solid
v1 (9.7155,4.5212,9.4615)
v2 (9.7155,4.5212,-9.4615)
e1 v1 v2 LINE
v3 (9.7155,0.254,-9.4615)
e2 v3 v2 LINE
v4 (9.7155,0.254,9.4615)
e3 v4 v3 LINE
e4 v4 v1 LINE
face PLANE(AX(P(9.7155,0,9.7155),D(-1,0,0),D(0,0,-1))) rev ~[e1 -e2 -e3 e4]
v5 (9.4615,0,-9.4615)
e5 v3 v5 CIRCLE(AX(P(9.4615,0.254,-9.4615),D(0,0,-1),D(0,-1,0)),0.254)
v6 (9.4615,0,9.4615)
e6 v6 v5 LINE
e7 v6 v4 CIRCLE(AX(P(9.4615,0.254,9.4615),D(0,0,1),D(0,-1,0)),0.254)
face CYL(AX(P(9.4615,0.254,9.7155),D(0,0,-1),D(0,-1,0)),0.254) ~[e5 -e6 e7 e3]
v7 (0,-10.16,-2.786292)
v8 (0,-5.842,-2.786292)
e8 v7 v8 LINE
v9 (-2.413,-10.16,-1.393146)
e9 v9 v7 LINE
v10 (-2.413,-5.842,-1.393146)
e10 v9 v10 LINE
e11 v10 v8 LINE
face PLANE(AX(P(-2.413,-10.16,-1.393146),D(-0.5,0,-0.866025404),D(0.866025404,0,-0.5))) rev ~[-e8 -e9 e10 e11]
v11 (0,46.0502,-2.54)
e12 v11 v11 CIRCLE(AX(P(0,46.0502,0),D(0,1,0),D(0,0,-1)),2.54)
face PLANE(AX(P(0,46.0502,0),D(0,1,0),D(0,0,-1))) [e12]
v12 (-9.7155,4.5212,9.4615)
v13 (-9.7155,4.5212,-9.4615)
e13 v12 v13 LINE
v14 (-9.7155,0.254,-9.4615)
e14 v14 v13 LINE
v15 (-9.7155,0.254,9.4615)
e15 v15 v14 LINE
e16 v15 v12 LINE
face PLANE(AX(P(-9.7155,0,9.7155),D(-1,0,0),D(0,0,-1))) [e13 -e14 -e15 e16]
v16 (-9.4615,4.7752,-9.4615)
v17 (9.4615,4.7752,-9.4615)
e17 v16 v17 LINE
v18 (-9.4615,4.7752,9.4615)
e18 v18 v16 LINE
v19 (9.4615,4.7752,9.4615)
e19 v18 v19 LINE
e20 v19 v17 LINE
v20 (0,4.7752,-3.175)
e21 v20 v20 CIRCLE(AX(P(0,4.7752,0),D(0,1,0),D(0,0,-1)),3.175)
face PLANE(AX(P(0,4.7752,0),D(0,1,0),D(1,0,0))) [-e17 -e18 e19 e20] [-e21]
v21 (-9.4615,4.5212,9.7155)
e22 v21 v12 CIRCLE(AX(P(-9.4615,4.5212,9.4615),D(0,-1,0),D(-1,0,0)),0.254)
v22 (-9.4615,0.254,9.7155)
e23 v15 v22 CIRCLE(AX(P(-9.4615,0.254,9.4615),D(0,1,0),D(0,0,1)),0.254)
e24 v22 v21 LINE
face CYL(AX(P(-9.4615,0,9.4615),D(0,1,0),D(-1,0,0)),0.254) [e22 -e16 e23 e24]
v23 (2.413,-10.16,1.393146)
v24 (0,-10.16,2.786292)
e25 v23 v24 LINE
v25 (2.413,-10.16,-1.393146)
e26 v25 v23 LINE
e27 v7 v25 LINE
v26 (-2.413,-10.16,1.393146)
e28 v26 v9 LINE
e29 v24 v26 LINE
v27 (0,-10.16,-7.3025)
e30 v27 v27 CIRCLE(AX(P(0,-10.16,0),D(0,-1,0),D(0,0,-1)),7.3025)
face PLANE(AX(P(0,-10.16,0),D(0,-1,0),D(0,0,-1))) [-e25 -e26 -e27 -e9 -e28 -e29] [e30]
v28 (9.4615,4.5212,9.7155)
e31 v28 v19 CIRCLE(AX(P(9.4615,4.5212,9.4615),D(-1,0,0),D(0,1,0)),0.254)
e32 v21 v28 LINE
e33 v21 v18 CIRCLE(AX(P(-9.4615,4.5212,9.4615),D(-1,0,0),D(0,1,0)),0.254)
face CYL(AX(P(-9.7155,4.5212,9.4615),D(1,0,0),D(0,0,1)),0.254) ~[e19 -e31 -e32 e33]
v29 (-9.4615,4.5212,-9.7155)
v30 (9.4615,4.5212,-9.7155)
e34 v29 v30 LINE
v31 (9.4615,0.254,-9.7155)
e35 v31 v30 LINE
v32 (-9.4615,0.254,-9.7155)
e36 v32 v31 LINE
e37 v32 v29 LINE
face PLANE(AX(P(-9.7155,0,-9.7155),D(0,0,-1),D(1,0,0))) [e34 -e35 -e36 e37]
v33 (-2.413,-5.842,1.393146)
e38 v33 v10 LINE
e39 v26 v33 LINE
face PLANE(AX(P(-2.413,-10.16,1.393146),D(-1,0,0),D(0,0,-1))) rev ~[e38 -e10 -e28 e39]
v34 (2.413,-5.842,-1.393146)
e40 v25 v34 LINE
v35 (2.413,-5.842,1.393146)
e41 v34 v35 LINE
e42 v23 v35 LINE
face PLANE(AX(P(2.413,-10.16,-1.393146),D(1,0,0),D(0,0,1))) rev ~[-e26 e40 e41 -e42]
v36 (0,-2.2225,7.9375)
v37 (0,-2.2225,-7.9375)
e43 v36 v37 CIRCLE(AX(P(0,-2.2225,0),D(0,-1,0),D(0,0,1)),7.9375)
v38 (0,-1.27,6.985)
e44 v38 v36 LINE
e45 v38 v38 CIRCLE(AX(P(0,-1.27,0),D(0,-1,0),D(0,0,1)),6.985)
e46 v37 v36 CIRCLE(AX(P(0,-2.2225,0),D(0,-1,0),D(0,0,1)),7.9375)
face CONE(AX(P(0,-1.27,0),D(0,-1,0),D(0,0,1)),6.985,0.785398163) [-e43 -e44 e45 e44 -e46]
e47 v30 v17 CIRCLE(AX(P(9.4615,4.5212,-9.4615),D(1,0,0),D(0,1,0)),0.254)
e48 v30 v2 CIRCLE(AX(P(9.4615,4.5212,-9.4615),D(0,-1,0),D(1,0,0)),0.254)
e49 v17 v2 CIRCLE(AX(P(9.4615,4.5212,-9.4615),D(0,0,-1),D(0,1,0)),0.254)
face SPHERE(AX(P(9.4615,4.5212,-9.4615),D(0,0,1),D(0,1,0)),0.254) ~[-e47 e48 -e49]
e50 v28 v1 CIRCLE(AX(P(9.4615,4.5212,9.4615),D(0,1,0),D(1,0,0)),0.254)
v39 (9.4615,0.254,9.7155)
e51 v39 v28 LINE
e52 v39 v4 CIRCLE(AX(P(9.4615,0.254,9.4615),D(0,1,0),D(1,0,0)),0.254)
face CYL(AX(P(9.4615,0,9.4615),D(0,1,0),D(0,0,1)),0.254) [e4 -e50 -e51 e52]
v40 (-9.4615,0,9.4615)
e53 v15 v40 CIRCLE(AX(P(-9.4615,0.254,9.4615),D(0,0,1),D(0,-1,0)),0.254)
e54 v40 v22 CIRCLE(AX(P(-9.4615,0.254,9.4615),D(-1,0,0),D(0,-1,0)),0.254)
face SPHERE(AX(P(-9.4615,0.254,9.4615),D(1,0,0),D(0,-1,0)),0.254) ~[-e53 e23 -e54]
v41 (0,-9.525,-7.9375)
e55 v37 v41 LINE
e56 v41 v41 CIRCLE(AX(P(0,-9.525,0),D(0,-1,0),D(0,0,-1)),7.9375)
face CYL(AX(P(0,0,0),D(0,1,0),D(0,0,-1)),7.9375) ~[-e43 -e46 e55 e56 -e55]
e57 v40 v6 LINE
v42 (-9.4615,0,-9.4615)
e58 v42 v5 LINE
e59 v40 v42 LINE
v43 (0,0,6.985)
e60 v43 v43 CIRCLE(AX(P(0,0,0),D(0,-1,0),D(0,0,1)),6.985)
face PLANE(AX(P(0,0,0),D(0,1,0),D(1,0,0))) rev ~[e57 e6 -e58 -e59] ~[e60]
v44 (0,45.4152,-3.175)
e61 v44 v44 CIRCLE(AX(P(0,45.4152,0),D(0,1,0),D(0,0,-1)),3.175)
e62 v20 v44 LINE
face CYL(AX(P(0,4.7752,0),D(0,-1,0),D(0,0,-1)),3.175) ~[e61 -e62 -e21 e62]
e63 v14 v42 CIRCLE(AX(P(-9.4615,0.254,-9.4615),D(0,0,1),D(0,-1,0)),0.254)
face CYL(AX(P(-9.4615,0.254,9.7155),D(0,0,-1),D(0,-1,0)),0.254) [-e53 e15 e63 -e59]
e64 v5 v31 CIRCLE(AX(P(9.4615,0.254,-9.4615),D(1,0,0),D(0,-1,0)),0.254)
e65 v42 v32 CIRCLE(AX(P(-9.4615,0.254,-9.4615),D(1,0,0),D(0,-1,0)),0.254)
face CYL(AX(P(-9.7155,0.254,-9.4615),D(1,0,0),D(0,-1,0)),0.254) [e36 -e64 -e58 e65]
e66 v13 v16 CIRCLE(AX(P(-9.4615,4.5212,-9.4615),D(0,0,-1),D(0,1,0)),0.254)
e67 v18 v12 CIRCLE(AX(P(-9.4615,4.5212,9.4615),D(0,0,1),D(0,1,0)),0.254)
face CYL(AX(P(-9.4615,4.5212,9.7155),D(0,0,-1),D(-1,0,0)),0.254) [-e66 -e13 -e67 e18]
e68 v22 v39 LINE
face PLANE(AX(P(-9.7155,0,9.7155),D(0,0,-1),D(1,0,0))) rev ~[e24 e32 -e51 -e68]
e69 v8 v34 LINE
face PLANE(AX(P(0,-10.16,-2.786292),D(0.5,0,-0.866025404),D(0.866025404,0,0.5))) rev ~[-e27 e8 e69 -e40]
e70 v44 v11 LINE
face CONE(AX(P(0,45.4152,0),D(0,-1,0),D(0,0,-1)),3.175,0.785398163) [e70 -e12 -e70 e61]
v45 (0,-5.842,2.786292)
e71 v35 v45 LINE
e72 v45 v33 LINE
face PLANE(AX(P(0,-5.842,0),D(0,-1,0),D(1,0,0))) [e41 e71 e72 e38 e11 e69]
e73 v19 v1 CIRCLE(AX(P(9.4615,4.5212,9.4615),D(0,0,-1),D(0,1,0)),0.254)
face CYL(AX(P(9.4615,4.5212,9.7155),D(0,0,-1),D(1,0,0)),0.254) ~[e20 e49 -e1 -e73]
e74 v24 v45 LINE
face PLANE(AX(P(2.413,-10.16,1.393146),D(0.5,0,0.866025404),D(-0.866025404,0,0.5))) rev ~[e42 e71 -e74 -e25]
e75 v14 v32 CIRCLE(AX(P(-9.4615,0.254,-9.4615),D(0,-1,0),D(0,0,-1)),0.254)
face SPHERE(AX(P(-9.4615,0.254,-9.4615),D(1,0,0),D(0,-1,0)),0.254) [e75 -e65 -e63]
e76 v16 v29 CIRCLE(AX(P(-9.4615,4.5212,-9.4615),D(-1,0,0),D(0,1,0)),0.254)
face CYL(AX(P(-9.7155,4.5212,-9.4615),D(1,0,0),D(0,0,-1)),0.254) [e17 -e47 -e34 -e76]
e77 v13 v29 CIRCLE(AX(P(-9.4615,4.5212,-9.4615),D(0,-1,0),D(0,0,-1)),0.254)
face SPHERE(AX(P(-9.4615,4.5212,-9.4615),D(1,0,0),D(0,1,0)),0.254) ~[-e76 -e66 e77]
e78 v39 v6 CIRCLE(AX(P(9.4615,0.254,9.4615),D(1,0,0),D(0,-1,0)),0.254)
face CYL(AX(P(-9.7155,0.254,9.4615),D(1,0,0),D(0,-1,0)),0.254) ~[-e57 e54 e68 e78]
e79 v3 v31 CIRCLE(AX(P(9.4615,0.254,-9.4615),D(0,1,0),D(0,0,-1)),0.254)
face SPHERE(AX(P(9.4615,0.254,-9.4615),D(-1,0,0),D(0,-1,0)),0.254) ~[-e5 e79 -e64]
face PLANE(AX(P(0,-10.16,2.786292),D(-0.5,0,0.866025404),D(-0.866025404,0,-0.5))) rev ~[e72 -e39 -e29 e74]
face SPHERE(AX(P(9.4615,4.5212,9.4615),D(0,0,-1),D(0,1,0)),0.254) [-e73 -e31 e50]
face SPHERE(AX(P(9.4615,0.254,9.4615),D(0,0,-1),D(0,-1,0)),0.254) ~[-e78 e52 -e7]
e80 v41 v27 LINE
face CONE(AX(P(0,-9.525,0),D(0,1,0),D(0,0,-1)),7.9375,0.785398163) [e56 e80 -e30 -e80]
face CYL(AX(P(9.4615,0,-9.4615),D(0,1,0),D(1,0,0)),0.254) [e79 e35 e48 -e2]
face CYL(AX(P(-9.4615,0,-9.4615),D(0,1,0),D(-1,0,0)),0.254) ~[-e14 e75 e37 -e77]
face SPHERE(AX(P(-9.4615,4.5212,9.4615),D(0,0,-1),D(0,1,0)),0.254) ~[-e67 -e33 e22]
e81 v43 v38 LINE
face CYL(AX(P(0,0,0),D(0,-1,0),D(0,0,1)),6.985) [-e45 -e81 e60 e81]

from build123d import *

# Parameters (mm, degrees)
SKETCH1_W          = 19.431
SKETCH1_H          = 19.431
EXTRUDE1_DEPTH     = 4.7752
SKETCH2_R          = 3.175
EXTRUDE2_DEPTH     = 41.275
SKETCH3_R          = 7.9375
EXTRUDE3_DEPTH     = 10.16
CHAMFER1_SIZE      = 0.635
CHAMFER2_SIZE      = 0.635
CUT_EXTRUDE1_DEPTH = 4.318
FILLET1_R          = 0.254


with BuildPart() as part:
    # Sketch1 → Extrude1 (new body)
    with BuildSketch(Plane(origin=(0, 0, 0), x_dir=(1, 0, 0), z_dir=(0, 1, 0))):
        Rectangle(SKETCH1_W, SKETCH1_H)
    extrude(amount=EXTRUDE1_DEPTH)

    # Sketch2 → Extrude2 (add)
    with BuildSketch(Plane(origin=(0, 4.7752, 0), x_dir=(-1, 0, 0), z_dir=(0, 1, 0))):
        with Locations(Location((0, 0, 0), (0, 0, 270))):  # turned: the seam where the file's is
            Circle(SKETCH2_R)
    extrude(amount=EXTRUDE2_DEPTH)

    # Sketch3 → Extrude3 (add)
    with BuildSketch(Plane.XZ):
        with Locations(Location((0, 0, 0), (0, 0, 270))):  # turned: the seam where the file's is
            Circle(SKETCH3_R)
    extrude(amount=EXTRUDE3_DEPTH)

    # Chamfer1
    chamfer1_edges = [part.edges().sort_by_distance(p)[0] for p in [
        (0, 46.0502, 3.175),
    ]]
    chamfer(chamfer1_edges, length=CHAMFER1_SIZE)

    # Sketch4 → Cut-Revolve1 (revolve, cut)
    with BuildSketch(Plane.XY, mode=Mode.PRIVATE) as cut_revolve1_sk:
        Polygon((-7.9375, 0), (-6.985, 0), (-6.985, -1.27), (-7.9375, -2.2225), align=None)
    revolve(cut_revolve1_sk.sketch.rotate(Axis((0, 0, 0), (0, -1, 0)), 270), axis=Axis((0, 0, 0), (0, -1, 0)), mode=Mode.SUBTRACT)  # turned: the seam where the file's is

    # Chamfer2
    chamfer2_edges = [part.edges().sort_by_distance(p)[0] for p in [
        (0, -10.16, 7.9375),
    ]]
    chamfer(chamfer2_edges, length=CHAMFER2_SIZE)

    # Sketch5 → Cut-Extrude1 (cut)
    with BuildSketch(Plane.XZ.offset(10.16)):
        Polygon((0, -2.786292399), (2.413, -1.3931462), (2.413, 1.3931462), (0, 2.786292399), (-2.413, 1.3931462), (-2.413, -1.3931462), align=None)
    extrude(amount=-CUT_EXTRUDE1_DEPTH, mode=Mode.SUBTRACT)

    # Fillet1
    fillet1_edges = [part.edges().sort_by_distance(p)[0] for p in [
        (9.7155, 4.7752, 0),
        (0, 4.7752, -9.7155),
        (-9.7155, 4.7752, 0),
        (0, 0, -9.7155),
        (9.7155, 0, 0),
        (0, 0, 9.7155),
        (-9.7155, 0, 0),
        (0, 4.7752, 9.7155),
        (-9.7155, 2.3876, -9.7155),
        (9.7155, 2.3876, -9.7155),
        (9.7155, 2.3876, 9.7155),
        (-9.7155, 2.3876, 9.7155),
    ]]
    fillet(fillet1_edges, radius=FILLET1_R)


solid = part.part
